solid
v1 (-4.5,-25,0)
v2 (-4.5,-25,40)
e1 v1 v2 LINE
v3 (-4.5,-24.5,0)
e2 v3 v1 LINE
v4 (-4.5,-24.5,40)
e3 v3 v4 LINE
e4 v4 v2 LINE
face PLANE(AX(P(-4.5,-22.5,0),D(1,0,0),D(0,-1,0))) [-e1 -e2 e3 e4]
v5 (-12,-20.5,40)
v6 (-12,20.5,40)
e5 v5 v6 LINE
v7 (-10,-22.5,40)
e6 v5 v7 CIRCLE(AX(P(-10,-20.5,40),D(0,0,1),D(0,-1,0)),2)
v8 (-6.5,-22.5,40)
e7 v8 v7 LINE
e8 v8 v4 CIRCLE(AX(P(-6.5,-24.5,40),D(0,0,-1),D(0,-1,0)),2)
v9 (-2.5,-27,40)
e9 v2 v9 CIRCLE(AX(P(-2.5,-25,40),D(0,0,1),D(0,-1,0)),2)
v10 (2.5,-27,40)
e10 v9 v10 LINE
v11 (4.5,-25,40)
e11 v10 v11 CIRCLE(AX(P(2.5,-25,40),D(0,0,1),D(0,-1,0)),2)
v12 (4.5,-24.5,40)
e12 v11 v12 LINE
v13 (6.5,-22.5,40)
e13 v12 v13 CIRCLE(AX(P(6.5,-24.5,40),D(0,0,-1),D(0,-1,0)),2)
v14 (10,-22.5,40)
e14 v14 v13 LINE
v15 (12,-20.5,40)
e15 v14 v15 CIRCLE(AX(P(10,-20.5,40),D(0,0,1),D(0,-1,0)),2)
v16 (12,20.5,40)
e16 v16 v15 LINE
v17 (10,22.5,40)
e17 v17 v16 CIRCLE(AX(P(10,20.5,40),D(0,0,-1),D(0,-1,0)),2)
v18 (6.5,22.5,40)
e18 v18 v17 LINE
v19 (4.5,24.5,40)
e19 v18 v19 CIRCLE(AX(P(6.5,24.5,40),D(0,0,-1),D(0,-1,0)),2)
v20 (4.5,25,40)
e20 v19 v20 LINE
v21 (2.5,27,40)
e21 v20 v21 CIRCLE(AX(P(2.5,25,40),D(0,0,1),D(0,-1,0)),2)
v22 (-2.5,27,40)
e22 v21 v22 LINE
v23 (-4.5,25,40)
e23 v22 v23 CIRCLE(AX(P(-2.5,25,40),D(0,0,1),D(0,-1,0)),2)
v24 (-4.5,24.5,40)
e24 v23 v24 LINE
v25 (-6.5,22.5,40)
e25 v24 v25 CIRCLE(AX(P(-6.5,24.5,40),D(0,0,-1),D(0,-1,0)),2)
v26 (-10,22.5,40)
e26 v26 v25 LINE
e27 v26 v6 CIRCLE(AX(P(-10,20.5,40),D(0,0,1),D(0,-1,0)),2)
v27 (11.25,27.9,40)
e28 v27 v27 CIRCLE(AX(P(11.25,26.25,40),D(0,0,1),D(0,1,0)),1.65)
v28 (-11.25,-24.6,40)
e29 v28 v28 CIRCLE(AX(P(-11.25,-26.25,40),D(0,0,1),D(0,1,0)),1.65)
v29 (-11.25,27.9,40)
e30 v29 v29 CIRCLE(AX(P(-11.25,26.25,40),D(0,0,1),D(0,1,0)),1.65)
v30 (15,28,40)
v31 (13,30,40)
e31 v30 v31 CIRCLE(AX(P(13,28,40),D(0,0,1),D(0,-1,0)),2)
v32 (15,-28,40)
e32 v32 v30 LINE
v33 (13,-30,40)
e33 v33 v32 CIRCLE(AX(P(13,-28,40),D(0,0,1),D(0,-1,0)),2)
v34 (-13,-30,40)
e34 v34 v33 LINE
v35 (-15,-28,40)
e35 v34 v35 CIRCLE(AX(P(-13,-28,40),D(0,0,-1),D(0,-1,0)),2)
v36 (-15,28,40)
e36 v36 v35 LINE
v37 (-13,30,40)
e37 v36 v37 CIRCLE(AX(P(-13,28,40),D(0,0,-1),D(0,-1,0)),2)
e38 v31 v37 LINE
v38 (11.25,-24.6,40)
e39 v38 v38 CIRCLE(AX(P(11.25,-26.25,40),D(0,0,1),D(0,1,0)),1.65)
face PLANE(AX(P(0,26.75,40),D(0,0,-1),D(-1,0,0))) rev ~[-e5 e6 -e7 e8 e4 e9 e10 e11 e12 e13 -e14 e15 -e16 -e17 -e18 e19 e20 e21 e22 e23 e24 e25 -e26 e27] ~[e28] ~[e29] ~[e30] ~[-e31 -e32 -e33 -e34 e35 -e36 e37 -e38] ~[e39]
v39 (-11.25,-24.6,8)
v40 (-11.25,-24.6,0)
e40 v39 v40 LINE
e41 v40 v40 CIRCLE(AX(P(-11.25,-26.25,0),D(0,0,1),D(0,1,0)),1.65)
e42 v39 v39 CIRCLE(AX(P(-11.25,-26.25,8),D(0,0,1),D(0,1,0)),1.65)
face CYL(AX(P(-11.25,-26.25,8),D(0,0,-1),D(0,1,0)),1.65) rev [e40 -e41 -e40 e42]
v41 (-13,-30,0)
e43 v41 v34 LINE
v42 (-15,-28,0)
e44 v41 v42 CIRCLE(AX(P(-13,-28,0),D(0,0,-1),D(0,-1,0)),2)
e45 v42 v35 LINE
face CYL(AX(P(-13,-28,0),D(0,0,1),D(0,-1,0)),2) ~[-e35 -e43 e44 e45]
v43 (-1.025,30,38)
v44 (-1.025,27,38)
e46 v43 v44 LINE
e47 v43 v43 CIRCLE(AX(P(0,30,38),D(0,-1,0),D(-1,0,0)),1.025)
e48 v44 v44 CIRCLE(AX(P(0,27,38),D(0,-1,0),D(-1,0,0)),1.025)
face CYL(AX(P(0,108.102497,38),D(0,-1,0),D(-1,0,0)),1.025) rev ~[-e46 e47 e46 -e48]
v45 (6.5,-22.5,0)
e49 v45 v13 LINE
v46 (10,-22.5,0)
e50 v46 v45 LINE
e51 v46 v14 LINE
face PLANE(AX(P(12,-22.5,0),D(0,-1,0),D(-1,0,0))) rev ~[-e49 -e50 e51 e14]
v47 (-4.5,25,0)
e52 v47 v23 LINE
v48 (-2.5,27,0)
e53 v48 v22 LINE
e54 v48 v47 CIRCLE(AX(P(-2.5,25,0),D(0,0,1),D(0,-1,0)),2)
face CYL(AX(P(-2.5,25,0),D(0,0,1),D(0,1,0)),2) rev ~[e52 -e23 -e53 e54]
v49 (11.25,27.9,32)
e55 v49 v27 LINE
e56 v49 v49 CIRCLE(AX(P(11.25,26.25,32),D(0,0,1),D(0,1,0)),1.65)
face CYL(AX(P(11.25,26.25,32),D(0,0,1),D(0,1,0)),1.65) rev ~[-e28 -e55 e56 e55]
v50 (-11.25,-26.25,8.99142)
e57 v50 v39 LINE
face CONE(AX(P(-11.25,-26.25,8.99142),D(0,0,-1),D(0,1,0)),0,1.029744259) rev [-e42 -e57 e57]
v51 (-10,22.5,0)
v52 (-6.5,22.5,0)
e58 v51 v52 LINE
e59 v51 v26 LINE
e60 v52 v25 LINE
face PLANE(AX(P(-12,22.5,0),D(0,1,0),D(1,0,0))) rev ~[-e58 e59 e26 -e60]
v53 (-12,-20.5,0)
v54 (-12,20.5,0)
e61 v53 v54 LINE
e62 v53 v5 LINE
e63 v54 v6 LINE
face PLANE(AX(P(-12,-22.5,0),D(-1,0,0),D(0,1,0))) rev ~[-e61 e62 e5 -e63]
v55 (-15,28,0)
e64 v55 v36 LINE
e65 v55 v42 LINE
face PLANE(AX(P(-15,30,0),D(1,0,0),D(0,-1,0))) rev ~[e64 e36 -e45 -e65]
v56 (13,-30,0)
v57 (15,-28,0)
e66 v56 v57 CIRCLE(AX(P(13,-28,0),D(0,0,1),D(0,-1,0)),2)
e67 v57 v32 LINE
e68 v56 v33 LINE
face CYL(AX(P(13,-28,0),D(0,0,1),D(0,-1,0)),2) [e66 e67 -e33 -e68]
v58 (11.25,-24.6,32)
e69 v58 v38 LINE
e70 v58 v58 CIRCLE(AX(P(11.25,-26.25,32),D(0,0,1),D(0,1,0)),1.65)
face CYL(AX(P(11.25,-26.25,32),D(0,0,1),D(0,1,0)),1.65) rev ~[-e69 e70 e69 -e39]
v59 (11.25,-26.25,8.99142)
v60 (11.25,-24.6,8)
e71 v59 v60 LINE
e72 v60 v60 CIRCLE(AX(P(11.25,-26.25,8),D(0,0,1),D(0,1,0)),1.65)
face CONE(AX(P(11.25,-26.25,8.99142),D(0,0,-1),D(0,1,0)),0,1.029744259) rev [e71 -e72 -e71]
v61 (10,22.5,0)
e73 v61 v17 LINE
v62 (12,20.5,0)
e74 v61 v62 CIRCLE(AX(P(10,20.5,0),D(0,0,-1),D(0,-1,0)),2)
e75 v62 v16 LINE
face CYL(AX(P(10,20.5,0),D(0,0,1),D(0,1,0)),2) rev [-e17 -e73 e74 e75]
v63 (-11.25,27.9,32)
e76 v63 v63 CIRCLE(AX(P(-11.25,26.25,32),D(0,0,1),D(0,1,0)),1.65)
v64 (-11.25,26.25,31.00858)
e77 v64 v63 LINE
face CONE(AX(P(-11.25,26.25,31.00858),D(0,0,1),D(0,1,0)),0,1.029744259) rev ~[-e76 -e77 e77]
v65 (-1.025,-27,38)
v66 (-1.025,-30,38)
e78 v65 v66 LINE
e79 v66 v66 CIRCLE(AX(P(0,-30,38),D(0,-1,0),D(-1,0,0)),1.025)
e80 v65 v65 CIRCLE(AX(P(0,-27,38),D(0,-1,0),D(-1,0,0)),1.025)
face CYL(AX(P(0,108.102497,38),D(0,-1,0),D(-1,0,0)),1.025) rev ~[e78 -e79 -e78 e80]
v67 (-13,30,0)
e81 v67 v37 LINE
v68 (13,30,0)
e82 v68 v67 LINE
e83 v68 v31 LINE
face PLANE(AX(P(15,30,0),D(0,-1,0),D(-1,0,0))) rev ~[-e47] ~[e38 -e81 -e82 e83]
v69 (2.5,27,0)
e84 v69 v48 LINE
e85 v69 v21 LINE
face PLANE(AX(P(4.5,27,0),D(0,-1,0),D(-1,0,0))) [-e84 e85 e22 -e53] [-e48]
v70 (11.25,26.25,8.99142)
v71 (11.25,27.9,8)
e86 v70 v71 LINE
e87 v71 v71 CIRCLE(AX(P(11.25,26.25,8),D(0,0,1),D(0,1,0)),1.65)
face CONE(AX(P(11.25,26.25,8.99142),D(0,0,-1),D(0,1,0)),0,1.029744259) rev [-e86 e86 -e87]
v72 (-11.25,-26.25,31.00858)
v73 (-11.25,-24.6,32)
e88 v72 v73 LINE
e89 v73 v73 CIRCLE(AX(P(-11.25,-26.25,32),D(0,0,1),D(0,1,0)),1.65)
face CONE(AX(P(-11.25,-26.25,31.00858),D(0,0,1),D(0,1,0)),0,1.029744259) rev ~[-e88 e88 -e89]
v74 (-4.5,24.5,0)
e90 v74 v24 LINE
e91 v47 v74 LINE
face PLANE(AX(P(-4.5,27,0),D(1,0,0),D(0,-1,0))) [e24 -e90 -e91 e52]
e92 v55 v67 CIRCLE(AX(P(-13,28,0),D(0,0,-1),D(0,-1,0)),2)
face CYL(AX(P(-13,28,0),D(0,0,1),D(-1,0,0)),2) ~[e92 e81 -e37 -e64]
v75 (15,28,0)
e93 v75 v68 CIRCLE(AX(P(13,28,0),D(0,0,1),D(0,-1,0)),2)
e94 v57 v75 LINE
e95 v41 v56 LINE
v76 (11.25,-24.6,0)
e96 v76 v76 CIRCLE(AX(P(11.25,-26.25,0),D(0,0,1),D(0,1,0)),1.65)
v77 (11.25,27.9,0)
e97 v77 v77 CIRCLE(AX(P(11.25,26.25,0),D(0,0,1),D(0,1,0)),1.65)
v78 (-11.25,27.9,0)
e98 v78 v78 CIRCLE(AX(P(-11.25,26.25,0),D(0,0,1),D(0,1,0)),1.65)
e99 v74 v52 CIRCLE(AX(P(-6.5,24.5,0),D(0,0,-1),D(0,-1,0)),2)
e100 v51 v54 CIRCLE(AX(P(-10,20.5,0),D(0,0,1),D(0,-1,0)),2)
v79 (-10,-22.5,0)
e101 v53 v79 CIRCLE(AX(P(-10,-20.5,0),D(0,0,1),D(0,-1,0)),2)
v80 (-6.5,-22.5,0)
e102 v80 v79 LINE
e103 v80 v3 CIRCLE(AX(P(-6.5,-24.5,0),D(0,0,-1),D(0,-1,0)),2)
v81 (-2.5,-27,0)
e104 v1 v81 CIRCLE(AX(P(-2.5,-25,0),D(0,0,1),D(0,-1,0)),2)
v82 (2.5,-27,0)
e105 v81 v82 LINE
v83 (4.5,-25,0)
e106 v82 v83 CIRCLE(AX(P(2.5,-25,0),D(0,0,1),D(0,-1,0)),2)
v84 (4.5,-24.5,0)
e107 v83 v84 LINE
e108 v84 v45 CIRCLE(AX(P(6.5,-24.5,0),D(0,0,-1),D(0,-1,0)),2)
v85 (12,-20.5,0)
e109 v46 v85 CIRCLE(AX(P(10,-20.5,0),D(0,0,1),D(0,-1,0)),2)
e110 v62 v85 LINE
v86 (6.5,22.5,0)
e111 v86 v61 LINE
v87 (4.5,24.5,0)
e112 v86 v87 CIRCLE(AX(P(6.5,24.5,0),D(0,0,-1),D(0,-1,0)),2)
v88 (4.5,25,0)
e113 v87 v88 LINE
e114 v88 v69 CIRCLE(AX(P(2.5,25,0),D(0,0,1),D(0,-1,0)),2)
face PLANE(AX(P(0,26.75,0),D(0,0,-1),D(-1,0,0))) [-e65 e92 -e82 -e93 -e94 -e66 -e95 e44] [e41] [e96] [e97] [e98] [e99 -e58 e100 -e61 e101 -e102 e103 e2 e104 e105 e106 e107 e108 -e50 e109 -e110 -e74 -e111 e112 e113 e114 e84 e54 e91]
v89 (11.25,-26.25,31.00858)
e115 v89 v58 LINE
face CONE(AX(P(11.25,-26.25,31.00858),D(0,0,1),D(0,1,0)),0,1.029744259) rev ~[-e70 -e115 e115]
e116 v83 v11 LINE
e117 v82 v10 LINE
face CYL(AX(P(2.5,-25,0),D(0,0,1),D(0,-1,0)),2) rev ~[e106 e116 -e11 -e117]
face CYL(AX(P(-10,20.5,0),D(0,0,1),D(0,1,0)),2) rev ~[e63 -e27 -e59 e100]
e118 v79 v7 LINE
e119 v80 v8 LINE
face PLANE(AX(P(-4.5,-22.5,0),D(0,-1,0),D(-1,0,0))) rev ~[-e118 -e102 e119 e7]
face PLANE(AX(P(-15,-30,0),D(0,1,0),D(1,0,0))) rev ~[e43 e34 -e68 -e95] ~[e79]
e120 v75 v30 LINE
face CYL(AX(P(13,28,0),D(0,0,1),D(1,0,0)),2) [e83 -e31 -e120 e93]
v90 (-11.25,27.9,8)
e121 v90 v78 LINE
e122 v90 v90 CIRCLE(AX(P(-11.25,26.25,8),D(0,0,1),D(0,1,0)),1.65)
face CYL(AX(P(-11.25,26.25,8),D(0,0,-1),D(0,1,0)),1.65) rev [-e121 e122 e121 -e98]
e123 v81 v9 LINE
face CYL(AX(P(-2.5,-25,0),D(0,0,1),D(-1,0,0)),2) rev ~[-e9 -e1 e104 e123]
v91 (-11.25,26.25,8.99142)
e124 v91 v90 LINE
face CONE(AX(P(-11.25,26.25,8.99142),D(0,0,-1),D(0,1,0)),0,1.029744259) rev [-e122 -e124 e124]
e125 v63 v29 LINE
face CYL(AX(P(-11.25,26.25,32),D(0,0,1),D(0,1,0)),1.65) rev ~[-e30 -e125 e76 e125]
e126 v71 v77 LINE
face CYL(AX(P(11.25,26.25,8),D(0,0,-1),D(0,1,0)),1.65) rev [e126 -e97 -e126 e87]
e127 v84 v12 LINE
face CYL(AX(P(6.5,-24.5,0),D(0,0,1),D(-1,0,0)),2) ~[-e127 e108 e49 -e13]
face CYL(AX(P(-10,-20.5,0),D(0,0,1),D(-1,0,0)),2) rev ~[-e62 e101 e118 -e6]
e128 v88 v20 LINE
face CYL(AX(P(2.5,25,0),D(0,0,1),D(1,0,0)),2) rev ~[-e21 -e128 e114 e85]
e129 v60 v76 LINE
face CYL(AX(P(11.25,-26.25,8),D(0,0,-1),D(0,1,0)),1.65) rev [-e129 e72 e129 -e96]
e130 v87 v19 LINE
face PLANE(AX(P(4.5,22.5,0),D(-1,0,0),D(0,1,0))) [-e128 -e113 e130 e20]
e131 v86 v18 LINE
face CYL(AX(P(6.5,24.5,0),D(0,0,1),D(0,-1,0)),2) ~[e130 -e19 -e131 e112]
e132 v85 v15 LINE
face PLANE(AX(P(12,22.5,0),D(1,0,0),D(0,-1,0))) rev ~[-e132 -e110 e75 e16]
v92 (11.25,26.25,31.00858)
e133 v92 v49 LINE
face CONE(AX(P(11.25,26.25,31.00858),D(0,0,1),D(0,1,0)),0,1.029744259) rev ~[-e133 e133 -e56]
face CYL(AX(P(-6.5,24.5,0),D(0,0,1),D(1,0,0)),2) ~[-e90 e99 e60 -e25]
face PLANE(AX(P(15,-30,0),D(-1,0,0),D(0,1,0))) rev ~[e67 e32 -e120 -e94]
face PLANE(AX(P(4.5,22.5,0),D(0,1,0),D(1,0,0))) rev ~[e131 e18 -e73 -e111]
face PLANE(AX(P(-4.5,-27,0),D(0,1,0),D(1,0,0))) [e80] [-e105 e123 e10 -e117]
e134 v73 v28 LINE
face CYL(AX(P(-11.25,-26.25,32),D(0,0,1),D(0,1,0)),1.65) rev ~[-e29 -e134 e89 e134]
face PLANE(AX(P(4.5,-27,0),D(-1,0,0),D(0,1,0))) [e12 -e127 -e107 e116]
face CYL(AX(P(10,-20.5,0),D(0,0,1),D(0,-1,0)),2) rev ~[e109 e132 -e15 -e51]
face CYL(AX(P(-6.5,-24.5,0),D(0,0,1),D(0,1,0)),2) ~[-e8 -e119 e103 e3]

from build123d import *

# Parameters (mm, degrees)
SKETCH_1_W                  = 7.5
SKETCH_1_H                  = 7.5
EXTRUDE_1_DEPTH             = 40
FILLET_1_R                  = 2
HOLE_WIZARD_M2_5_1_D        = 2.05
HOLE_WIZARD_M4_1_AT_2_COUNT = 2
HOLE_WIZARD_M4_1_AT_2_PITCH = 22.5
HOLE_WIZARD_M4_1_AT_3_COUNT = 2
HOLE_WIZARD_M4_1_AT_3_PITCH = 57.118298294
HOLE_WIZARD_M4_1_AT_4_COUNT = 2
HOLE_WIZARD_M4_1_AT_4_PITCH = 52.5
FILLET_2_R                  = 2


with BuildPart() as part:
    # 草图1 → 凸台-拉伸1 (new body)
    with BuildSketch(Plane.XY):
        Polygon((7.5, 22.5), (4.5, 22.5), (4.5, 27), (-4.5, 27), (-4.5, 22.5), (-7.5, 22.5), (-7.5, 30), (7.5, 30), align=None)
        with Locations((-11.25, 26.25)):
            Rectangle(SKETCH_1_W, SKETCH_1_H)
        with Locations((11.25, 26.25)):
            Rectangle(SKETCH_1_W, SKETCH_1_H)
        Polygon((12, 22.5), (12, 19.5), (12, -19.5), (12, -22.5), (15, -22.5), (15, 22.5), align=None)
        Polygon((-12, 22.5), (-15, 22.5), (-15, -22.5), (-12, -22.5), (-12, -19.5), (-12, 19.5), align=None)
        with Locations((-11.25, -26.25)):
            Rectangle(SKETCH_1_W, SKETCH_1_H)
        with Locations((11.25, -26.25)):
            Rectangle(SKETCH_1_W, SKETCH_1_H)
        Polygon((7.5, -30), (-7.5, -30), (-7.5, -22.5), (-4.5, -22.5), (-4.5, -27), (4.5, -27), (4.5, -22.5), (7.5, -22.5), align=None)
    extrude(amount=EXTRUDE_1_DEPTH)

    # 圆角1
    fillet_1_edges = [part.edges().sort_by_distance(p)[0] for p in [
        (12, -22.5, 20),
        (12, 22.5, 20),
        (4.5, 22.5, 20),
        (4.5, 27, 20),
        (-4.5, 27, 20),
        (-4.5, 22.5, 20),
        (-12, 22.5, 20),
        (-12, -22.5, 20),
        (-4.5, -22.5, 20),
        (-4.5, -27, 20),
        (4.5, -27, 20),
        (4.5, -22.5, 20),
    ]]
    fillet(fillet_1_edges, radius=FILLET_1_R)

    # M2.5 螺纹孔1 (through all)
    with Locations(Plane(origin=(0, 30, 0), x_dir=(1, 0, 0), z_dir=(0, 1, 0))):
        with Locations((0, -38)):
            Hole(HOLE_WIZARD_M2_5_1_D / 2)

    # 草图14 → M4 螺纹孔1 (revolve, cut)
    with BuildSketch(Plane(origin=(11.25, 26.25, 0), x_dir=(0, 1, 0), z_dir=(1, 0, 0))):
        Polygon((0, 0), (0, 8.991420021), (1.65, 8), (1.65, 0), align=None)
    hole_wizard_m4_1 = revolve(axis=Axis((11.25, 26.25, -6.35), (0, 0, 1)), mode=Mode.SUBTRACT)

    # M4 螺纹孔1 at 2: M4 螺纹孔1 ×2
    with Locations(*[(-i * HOLE_WIZARD_M4_1_AT_2_PITCH, 0, 0) for i in range(1, HOLE_WIZARD_M4_1_AT_2_COUNT)]):
        add(hole_wizard_m4_1, mode=Mode.SUBTRACT)

    # M4 螺纹孔1 at 3: M4 螺纹孔1 ×2
    with Locations(*[Vector(-0.393919299, -0.91914503, 0) * (i * HOLE_WIZARD_M4_1_AT_3_PITCH) for i in range(1, HOLE_WIZARD_M4_1_AT_3_COUNT)]):
        add(hole_wizard_m4_1, mode=Mode.SUBTRACT)

    # M4 螺纹孔1 at 4: M4 螺纹孔1 ×2
    with Locations(*[(0, -i * HOLE_WIZARD_M4_1_AT_4_PITCH, 0) for i in range(1, HOLE_WIZARD_M4_1_AT_4_COUNT)]):
        add(hole_wizard_m4_1, mode=Mode.SUBTRACT)

    # 镜向1: M4 螺纹孔1 across plane
    add(hole_wizard_m4_1.mirror(Plane(origin=(0, 0, 20), x_dir=(1, 0, 0), z_dir=(0, 0, -1))), mode=Mode.SUBTRACT)

    # 镜向1 copy 1 sketch → 镜向1 copy 1 (revolve, cut)
    with BuildSketch(Plane(origin=(-11.25, 26.25, 40), x_dir=(0, 1, 0), z_dir=(1, 0, 0))):
        Polygon((0, 0), (0, -8.991420021), (1.65, -8), (1.65, 0), align=None)
    revolve(axis=Axis((-11.25, 26.25, 46.35), (0, 0, 1)), mode=Mode.SUBTRACT)

    # 镜向1 copy 2 sketch → 镜向1 copy 2 (revolve, cut)
    with BuildSketch(Plane(origin=(-11.25, -26.25, 40), x_dir=(0, 1, 0), z_dir=(1, 0, 0))):
        Polygon((0, 0), (0, -8.991420021), (1.65, -8), (1.65, 0), align=None)
    revolve(axis=Axis((-11.25, -26.25, 46.35), (0, 0, 1)), mode=Mode.SUBTRACT)

    # 镜向1 copy 3 sketch → 镜向1 copy 3 (revolve, cut)
    with BuildSketch(Plane(origin=(11.25, -26.25, 40), x_dir=(0, 1, 0), z_dir=(1, 0, 0))):
        Polygon((0, 0), (0, -8.991420021), (1.65, -8), (1.65, 0), align=None)
    revolve(axis=Axis((11.25, -26.25, 46.35), (0, 0, 1)), mode=Mode.SUBTRACT)

    # 圆角2
    fillet_2_edges = [part.edges().sort_by_distance(p)[0] for p in [
        (-15, -30, 20),
        (-15, 30, 20),
        (15, 30, 20),
        (15, -30, 20),
    ]]
    fillet(fillet_2_edges, radius=FILLET_2_R)


solid = part.part
